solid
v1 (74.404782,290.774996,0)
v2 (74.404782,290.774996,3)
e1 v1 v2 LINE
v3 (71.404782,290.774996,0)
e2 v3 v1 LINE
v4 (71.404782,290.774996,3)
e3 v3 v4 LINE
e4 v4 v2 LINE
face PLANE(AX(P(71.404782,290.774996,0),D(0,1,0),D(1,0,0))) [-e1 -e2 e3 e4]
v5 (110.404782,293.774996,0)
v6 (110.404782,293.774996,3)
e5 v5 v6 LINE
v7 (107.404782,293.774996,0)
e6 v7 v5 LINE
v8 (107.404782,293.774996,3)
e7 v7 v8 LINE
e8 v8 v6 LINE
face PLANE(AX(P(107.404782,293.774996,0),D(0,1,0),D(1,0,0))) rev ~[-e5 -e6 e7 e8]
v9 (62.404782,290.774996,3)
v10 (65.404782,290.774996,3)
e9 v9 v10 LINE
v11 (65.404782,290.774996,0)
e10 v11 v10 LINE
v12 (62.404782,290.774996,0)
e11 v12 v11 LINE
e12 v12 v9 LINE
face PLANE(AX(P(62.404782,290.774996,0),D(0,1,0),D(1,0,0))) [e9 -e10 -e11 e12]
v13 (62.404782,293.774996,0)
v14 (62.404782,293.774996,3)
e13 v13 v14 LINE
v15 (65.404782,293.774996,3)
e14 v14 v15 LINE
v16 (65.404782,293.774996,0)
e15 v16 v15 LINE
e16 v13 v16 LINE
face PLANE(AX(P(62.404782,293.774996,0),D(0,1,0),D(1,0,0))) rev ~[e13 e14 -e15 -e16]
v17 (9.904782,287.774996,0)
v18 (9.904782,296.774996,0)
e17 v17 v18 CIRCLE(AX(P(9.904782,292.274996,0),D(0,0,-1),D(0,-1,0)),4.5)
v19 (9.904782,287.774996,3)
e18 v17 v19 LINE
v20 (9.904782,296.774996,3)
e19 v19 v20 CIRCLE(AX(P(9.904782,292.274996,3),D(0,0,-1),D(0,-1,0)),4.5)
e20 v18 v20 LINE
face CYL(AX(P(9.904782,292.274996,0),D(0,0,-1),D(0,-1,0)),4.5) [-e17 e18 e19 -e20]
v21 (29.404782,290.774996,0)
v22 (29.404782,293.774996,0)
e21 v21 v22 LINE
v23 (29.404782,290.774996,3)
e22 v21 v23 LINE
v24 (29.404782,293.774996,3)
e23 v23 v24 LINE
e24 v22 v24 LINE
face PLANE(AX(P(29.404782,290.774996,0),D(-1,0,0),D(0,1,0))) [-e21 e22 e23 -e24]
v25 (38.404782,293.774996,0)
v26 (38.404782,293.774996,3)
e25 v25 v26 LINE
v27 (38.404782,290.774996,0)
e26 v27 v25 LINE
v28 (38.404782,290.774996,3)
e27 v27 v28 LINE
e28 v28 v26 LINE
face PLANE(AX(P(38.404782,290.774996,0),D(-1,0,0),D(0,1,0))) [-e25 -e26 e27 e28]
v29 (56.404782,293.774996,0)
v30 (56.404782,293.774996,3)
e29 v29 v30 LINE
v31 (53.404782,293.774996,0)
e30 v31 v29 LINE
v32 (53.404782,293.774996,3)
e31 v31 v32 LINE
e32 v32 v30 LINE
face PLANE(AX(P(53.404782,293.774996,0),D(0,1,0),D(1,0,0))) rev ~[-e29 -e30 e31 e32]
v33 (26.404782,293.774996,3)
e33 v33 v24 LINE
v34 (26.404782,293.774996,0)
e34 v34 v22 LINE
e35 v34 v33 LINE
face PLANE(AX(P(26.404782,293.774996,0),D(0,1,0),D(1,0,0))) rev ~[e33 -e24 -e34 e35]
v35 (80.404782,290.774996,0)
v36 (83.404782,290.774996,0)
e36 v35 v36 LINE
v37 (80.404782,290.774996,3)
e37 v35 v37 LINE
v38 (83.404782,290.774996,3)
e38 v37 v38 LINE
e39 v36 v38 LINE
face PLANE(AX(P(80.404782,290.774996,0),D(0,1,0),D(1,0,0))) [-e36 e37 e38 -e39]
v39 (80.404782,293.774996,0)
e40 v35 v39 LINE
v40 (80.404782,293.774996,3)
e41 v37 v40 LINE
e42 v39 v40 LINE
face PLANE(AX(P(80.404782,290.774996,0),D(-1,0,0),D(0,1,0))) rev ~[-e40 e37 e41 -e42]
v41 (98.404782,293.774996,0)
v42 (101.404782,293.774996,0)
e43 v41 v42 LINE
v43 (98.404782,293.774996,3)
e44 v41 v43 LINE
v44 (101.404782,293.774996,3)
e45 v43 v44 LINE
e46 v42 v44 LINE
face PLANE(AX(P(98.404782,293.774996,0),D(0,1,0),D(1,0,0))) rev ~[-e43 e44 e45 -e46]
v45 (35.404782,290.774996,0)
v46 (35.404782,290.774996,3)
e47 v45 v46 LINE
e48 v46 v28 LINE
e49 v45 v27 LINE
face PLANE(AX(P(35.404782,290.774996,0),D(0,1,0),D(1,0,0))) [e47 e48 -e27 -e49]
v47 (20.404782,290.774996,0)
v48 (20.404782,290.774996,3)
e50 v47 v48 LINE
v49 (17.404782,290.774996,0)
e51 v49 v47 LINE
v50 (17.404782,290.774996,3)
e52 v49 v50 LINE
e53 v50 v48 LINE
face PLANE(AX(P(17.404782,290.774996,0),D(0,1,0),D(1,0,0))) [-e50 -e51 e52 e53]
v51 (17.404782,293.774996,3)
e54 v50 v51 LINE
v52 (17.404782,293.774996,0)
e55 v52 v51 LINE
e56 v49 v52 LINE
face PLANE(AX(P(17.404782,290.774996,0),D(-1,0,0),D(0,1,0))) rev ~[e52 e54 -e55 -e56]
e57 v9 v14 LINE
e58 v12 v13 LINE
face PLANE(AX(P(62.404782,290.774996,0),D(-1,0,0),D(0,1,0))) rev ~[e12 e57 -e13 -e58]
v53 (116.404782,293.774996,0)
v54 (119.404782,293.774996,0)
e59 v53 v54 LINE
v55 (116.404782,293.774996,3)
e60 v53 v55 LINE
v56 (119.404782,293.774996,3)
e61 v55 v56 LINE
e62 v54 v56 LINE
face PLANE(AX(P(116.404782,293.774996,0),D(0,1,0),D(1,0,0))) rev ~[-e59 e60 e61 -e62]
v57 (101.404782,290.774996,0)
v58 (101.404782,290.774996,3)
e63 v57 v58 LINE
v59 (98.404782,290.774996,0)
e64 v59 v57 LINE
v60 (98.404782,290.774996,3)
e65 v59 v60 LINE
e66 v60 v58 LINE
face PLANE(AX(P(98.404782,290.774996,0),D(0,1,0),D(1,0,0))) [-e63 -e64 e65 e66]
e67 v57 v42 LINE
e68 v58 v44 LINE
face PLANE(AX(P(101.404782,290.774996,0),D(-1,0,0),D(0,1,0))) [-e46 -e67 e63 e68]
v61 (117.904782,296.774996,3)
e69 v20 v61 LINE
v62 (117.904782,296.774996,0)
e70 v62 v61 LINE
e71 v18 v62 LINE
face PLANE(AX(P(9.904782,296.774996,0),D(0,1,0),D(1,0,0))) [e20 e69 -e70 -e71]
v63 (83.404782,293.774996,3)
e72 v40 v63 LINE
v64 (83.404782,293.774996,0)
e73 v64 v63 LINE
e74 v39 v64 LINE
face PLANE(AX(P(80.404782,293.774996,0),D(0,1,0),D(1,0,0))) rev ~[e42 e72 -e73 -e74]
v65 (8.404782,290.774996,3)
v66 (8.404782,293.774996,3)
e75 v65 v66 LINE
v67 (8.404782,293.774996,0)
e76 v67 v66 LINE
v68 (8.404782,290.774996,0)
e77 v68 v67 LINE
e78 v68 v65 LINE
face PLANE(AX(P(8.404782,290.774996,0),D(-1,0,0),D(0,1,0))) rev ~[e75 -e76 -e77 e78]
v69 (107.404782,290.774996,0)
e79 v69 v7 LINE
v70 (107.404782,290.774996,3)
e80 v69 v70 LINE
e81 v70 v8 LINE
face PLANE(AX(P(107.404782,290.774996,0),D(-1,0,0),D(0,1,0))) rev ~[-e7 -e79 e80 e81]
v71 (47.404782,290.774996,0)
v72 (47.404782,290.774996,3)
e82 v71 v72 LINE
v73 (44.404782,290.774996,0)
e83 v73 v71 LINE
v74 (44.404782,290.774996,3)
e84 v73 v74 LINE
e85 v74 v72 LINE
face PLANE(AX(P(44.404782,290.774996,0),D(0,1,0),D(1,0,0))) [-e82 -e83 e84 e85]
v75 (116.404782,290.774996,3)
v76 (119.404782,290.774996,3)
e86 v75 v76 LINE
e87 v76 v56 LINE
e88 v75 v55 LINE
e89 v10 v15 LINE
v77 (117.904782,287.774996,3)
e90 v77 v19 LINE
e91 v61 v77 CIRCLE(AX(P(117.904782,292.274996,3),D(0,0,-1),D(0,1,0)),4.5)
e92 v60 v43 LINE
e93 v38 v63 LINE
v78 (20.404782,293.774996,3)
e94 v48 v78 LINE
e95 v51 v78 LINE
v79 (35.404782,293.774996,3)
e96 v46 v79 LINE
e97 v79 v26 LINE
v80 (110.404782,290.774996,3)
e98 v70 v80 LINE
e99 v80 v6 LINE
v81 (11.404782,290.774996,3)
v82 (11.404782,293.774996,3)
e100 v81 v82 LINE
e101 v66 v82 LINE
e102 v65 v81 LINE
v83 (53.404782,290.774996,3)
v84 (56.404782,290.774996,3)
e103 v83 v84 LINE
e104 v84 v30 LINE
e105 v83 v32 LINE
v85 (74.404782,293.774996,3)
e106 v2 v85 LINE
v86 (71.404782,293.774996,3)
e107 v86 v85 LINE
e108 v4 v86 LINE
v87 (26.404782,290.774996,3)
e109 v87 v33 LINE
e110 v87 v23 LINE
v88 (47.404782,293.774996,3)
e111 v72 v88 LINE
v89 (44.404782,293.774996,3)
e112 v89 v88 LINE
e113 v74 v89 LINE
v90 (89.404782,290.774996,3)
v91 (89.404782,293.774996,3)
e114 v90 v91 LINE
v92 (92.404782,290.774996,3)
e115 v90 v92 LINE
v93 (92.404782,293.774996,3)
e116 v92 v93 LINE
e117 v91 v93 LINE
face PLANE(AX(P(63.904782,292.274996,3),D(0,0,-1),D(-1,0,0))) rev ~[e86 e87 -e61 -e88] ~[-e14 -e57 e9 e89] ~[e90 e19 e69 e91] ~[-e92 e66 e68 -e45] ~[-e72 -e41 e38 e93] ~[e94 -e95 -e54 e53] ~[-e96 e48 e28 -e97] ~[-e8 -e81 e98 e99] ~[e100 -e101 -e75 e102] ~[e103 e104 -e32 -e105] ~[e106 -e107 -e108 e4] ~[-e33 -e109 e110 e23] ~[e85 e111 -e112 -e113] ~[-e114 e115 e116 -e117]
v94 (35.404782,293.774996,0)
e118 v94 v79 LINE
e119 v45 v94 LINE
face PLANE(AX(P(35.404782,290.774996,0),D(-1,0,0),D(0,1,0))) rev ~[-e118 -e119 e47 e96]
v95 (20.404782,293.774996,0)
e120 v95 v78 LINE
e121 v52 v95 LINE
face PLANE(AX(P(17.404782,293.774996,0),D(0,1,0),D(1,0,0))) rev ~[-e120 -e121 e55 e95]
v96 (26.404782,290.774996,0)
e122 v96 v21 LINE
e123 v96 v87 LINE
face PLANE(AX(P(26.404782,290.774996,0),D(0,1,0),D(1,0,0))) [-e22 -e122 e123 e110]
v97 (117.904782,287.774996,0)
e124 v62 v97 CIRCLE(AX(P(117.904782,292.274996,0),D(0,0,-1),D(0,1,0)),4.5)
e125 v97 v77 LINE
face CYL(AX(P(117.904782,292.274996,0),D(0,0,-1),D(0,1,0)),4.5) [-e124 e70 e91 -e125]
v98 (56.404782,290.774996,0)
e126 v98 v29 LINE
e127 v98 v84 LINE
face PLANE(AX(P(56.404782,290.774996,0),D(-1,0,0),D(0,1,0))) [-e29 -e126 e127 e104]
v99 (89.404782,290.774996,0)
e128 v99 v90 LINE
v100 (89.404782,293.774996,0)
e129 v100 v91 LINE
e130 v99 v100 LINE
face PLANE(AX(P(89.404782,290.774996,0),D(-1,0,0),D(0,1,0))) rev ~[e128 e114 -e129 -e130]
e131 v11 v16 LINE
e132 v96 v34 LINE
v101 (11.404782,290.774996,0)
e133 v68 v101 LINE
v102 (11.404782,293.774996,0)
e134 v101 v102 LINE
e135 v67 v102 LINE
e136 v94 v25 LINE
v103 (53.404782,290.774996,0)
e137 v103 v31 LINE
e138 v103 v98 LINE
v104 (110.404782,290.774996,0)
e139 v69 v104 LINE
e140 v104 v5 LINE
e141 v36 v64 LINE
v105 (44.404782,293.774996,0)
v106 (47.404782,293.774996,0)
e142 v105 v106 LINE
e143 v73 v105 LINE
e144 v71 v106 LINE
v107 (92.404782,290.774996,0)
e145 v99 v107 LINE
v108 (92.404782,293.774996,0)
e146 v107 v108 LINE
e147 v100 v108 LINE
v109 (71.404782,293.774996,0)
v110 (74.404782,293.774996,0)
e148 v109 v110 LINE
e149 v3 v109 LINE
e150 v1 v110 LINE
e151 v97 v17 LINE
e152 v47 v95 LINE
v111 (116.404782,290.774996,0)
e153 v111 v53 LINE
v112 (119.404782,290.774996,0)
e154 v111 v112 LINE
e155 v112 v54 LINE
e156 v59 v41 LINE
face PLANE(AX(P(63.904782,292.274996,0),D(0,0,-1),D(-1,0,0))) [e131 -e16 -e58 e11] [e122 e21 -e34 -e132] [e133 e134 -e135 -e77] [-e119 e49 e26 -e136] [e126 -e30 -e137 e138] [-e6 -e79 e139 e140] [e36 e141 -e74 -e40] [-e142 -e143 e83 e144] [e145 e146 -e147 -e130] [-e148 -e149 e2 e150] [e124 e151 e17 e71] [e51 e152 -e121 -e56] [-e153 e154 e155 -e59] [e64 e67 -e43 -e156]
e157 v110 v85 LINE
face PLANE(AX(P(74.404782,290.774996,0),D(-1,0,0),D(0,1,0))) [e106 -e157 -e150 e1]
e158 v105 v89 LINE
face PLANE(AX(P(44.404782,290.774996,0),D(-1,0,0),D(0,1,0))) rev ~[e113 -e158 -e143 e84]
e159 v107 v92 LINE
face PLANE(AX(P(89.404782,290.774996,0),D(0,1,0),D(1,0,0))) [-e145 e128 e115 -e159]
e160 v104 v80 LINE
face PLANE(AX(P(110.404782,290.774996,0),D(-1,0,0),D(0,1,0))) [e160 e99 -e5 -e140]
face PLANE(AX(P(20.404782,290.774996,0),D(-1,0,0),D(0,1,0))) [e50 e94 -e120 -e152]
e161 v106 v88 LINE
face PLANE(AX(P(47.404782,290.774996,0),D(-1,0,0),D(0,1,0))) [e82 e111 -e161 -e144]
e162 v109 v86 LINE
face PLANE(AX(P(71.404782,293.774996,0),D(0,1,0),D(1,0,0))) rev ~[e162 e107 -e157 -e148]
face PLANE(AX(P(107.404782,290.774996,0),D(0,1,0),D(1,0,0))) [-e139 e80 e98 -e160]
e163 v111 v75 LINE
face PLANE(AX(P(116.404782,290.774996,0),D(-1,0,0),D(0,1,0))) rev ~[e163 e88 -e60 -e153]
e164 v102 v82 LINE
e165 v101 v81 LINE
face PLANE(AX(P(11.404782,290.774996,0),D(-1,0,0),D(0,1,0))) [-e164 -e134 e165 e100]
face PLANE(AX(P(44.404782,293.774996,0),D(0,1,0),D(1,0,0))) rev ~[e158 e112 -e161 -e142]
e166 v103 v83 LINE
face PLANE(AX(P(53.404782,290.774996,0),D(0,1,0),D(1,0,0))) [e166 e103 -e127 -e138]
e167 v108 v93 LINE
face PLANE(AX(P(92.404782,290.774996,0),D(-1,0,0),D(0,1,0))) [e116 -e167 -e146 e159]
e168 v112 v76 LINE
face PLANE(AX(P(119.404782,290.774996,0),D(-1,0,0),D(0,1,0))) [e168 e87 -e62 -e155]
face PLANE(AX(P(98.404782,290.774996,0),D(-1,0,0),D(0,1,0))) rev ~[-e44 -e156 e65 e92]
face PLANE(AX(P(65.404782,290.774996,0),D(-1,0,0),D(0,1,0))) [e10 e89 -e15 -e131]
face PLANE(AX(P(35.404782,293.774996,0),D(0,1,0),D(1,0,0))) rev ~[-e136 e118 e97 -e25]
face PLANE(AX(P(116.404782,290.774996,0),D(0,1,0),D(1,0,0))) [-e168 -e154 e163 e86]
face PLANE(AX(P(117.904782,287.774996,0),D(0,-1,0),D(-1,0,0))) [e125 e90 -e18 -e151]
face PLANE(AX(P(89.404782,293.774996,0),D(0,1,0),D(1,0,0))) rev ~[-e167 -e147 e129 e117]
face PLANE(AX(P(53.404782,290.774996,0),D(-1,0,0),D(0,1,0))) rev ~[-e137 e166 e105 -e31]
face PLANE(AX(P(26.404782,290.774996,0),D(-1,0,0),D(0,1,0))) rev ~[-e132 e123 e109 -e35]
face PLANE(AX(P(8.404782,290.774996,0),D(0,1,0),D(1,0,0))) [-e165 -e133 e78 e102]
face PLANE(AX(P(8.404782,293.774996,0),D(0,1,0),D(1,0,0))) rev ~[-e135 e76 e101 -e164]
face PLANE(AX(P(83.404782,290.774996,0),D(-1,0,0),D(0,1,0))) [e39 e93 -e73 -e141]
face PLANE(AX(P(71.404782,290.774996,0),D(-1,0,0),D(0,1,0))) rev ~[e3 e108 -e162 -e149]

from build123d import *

# Parameters (mm, degrees)
MODEL_W                 = 3
MODEL_H                 = 3
SALIENTE_EXTRUIR1_DEPTH = 3


with BuildPart() as part:
    # Model → Saliente-Extruir1 (new body)
    with BuildSketch(Plane.XY):
        with BuildLine():
            Line((9.904781567, 296.774995526), (117.904781567, 296.774995526))
            ThreePointArc((117.904781567, 296.774995526), (122.404781567, 292.274995526), (117.904781567, 287.774995526))
            Line((117.904781567, 287.774995526), (9.904781567, 287.774995526))
            ThreePointArc((9.904781567, 287.774995526), (5.404781567, 292.274995526), (9.904781567, 296.774995526))
        make_face()
        with Locations((9.904781567, 292.274995526)):
            Rectangle(MODEL_W, MODEL_H, mode=Mode.SUBTRACT)
        with Locations((18.904781567, 292.274995526)):
            Rectangle(MODEL_W, MODEL_H, mode=Mode.SUBTRACT)
        with Locations((27.904781567, 292.274995526)):
            Rectangle(MODEL_W, MODEL_H, mode=Mode.SUBTRACT)
        with Locations((36.904781567, 292.274995526)):
            Rectangle(MODEL_W, MODEL_H, mode=Mode.SUBTRACT)
        with Locations((45.904781567, 292.274995526)):
            Rectangle(MODEL_W, MODEL_H, mode=Mode.SUBTRACT)
        with Locations((54.904781567, 292.274995526)):
            Rectangle(MODEL_W, MODEL_H, mode=Mode.SUBTRACT)
        with Locations((63.904781567, 292.274995526)):
            Rectangle(MODEL_W, MODEL_H, mode=Mode.SUBTRACT)
        with Locations((72.904781567, 292.274995526)):
            Rectangle(MODEL_W, MODEL_H, mode=Mode.SUBTRACT)
        with Locations((81.904781567, 292.274995526)):
            Rectangle(MODEL_W, MODEL_H, mode=Mode.SUBTRACT)
        with Locations((90.904781567, 292.274995526)):
            Rectangle(MODEL_W, MODEL_H, mode=Mode.SUBTRACT)
        with Locations((117.904781567, 292.274995526)):
            Rectangle(MODEL_W, MODEL_H, mode=Mode.SUBTRACT)
        with Locations((99.904781567, 292.274995526)):
            Rectangle(MODEL_W, MODEL_H, mode=Mode.SUBTRACT)
        with Locations((108.904781567, 292.274995526)):
            Rectangle(MODEL_W, MODEL_H, mode=Mode.SUBTRACT)
    extrude(amount=SALIENTE_EXTRUIR1_DEPTH)


solid = part.part
